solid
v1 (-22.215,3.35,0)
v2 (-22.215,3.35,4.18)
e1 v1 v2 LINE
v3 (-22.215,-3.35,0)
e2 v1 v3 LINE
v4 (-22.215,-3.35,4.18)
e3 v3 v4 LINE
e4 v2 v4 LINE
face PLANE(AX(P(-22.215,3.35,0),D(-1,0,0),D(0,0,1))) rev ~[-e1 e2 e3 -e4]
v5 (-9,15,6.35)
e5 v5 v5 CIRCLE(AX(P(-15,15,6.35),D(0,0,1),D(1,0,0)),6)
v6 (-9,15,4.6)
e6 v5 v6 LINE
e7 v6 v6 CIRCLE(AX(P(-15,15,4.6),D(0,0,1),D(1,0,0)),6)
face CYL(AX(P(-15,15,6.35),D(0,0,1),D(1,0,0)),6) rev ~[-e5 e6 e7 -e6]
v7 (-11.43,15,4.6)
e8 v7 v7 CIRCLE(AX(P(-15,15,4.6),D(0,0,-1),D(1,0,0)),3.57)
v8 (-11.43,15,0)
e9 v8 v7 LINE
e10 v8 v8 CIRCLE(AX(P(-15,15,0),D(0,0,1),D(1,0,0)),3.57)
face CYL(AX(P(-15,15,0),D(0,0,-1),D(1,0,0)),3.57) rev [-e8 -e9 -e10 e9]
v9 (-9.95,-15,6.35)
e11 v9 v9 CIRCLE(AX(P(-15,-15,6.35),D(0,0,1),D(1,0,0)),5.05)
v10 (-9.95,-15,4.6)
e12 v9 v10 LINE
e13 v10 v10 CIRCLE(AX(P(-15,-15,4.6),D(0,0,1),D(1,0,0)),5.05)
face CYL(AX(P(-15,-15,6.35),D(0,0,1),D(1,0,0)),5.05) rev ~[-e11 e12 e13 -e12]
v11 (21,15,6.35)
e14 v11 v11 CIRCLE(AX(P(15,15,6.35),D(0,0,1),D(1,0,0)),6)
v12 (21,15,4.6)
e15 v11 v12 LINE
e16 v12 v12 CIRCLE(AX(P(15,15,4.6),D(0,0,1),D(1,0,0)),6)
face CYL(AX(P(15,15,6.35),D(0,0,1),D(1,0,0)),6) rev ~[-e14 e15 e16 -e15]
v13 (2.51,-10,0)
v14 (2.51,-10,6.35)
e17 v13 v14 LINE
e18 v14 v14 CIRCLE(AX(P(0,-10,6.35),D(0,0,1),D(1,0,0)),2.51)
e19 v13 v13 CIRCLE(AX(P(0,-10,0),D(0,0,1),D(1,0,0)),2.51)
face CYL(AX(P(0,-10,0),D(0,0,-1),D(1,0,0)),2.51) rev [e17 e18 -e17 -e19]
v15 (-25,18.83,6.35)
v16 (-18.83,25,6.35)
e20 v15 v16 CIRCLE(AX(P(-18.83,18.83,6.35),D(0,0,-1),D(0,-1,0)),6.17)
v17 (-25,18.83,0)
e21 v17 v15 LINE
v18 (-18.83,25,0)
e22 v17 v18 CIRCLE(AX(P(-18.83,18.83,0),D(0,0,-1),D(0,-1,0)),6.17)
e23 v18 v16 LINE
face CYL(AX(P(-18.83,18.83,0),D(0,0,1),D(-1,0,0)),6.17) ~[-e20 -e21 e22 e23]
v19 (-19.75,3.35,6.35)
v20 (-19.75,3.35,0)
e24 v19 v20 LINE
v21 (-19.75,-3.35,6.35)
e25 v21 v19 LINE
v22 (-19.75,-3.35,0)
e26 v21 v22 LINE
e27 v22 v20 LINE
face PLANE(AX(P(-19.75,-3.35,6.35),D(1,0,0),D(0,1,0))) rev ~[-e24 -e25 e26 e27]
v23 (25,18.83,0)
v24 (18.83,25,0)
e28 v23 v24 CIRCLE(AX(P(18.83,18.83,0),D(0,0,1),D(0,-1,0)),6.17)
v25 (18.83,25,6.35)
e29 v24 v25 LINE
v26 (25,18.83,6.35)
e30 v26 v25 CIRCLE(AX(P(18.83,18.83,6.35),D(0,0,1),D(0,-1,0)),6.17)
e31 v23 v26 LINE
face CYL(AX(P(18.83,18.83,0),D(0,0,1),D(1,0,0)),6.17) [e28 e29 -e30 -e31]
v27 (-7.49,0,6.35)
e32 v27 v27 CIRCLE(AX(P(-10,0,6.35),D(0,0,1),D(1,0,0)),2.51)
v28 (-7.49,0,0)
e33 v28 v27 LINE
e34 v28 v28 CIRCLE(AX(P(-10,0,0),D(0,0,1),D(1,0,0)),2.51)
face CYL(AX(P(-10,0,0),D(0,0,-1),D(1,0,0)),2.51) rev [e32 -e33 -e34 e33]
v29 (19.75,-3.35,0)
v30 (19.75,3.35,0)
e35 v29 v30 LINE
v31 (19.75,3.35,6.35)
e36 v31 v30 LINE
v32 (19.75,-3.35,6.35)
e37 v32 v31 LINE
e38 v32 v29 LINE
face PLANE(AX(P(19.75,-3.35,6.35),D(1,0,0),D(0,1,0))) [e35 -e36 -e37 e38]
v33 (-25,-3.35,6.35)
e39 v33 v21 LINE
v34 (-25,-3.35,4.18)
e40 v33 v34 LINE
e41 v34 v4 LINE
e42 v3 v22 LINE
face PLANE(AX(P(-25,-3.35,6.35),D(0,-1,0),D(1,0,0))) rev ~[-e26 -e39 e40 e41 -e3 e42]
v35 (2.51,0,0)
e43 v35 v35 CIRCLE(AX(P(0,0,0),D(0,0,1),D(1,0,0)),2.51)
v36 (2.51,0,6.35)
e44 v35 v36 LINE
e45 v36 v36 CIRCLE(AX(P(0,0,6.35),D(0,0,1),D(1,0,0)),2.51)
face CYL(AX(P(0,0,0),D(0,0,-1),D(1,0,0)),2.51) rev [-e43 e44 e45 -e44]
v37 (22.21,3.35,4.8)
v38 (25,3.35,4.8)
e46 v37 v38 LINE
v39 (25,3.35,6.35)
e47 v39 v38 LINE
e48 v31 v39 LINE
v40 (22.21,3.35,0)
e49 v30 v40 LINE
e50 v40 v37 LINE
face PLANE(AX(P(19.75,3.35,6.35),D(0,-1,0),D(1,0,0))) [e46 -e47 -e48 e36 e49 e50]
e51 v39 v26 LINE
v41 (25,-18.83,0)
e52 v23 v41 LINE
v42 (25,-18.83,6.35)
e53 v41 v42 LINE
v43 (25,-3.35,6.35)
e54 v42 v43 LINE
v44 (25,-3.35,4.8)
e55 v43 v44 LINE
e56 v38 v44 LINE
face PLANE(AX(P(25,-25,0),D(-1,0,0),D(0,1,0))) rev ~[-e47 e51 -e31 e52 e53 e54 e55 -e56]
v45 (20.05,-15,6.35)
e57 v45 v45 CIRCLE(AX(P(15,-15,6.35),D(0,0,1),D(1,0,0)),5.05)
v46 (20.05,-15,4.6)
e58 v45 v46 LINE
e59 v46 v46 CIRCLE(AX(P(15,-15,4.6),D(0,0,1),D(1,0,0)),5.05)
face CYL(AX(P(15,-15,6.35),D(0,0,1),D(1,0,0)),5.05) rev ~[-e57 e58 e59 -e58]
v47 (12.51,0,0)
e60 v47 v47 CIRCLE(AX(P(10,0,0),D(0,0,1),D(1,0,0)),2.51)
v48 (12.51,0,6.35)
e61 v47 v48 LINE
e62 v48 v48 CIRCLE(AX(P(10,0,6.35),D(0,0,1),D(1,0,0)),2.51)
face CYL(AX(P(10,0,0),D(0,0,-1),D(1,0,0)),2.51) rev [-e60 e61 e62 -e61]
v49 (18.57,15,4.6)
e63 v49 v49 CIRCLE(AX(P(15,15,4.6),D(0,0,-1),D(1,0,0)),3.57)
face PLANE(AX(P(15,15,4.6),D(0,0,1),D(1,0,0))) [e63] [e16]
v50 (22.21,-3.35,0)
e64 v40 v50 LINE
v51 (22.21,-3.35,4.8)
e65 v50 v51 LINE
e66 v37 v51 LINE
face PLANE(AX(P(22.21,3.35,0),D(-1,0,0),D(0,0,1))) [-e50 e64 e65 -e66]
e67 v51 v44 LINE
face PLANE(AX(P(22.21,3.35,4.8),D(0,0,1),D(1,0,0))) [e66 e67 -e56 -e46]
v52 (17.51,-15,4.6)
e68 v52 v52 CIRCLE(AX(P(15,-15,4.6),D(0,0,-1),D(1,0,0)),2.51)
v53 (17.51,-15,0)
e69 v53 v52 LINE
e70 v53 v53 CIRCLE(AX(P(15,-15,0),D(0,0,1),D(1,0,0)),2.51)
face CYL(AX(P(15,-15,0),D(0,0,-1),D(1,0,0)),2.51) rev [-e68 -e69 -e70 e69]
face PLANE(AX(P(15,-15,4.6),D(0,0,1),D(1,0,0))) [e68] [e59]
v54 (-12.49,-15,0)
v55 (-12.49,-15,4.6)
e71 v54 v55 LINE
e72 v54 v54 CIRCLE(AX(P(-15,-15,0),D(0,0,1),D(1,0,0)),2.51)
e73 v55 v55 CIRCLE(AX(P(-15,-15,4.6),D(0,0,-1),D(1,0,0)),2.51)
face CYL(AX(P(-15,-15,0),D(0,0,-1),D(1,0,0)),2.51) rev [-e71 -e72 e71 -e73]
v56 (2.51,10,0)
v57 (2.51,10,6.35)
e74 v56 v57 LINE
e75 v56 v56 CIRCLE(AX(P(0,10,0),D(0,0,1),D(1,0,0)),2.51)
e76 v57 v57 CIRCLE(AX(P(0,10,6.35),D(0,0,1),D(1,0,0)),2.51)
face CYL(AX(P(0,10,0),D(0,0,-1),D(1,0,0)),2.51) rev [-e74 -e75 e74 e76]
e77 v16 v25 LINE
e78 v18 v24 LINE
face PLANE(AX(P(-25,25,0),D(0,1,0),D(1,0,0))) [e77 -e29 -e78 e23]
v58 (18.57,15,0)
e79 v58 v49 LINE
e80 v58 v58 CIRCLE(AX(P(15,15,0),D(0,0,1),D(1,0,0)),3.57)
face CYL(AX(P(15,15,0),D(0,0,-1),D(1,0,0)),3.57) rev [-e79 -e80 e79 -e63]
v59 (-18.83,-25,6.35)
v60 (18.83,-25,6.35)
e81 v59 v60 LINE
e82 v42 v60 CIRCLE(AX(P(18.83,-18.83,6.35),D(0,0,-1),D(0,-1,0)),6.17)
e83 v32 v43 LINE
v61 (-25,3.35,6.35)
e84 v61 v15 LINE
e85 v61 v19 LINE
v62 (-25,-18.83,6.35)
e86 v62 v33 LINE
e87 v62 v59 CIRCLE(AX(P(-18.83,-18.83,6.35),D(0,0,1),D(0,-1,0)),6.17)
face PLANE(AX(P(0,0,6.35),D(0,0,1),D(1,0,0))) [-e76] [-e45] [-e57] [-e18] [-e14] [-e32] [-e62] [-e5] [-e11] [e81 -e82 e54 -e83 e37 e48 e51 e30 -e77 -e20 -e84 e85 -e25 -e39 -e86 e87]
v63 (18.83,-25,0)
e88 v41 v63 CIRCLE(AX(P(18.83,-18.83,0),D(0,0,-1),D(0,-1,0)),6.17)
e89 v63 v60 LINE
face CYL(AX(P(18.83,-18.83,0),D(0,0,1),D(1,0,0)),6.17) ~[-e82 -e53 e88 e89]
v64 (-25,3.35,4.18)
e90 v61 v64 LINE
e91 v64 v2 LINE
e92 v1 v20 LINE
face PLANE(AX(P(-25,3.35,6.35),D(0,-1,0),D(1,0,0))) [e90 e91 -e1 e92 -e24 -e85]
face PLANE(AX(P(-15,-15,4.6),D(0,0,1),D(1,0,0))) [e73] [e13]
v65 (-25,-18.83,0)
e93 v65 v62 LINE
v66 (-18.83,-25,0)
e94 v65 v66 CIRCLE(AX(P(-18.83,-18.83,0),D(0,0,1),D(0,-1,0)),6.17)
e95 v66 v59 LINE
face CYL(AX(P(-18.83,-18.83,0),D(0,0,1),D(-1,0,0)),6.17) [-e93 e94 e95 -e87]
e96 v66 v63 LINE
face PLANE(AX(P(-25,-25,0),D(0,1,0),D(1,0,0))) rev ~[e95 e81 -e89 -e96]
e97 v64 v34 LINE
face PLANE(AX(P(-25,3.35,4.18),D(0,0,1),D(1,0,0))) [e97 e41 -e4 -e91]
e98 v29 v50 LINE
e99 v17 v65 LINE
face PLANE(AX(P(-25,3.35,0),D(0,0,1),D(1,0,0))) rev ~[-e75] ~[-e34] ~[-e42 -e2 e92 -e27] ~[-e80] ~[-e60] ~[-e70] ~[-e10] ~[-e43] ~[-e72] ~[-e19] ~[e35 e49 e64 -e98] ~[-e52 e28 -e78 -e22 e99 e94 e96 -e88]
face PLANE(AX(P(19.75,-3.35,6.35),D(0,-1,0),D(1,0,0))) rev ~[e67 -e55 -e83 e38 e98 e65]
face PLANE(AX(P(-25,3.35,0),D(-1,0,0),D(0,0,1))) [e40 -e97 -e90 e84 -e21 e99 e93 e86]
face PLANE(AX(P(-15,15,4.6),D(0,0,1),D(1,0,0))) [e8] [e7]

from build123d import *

# Parameters (mm, degrees)
SKETCH1_W           = 50
SKETCH1_H           = 50
SKETCH1_R           = 3.57
SKETCH1_R_2         = 2.51
BOSS_EXTRUDE1_DEPTH = 6.35
SKETCH2_R           = 6
SKETCH2_R_2         = 5.05
CUT_EXTRUDE1_DEPTH  = 1.75
SKETCH3_W           = 5.25
SKETCH3_H           = 6.7
CUT_EXTRUDE2_DEPTH  = 7
SKETCH4_W           = 2.785
SKETCH4_H           = 4.18
SKETCH4_W_2         = 2.79
SKETCH4_H_2         = 4.8
BOSS_EXTRUDE3_DEPTH = 6.7
FILLET1_R           = 6.17


with BuildPart() as part:
    # Sketch1 → Boss-Extrude1 (new body)
    with BuildSketch(Plane.XY):
        Rectangle(SKETCH1_W, SKETCH1_H)
        with Locations((-15, 15)):
            Circle(SKETCH1_R, mode=Mode.SUBTRACT)
        with Locations((15, 15)):
            Circle(SKETCH1_R, mode=Mode.SUBTRACT)
        with Locations((15, -15)):
            Circle(SKETCH1_R_2, mode=Mode.SUBTRACT)
        with Locations((-15, -15)):
            Circle(SKETCH1_R_2, mode=Mode.SUBTRACT)
        with Locations((-10, 0)):
            Circle(SKETCH1_R_2, mode=Mode.SUBTRACT)
        with Locations((0, 10)):
            Circle(SKETCH1_R_2, mode=Mode.SUBTRACT)
        with Locations((10, 0)):
            Circle(SKETCH1_R_2, mode=Mode.SUBTRACT)
        with Locations((0, -10)):
            Circle(SKETCH1_R_2, mode=Mode.SUBTRACT)
        Circle(SKETCH1_R_2, mode=Mode.SUBTRACT)
    extrude(amount=BOSS_EXTRUDE1_DEPTH)

    # Sketch2 → Cut-Extrude1 (cut)
    with BuildSketch(Plane.XY.offset(6.35)):
        with Locations((-15, 15)):
            Circle(SKETCH2_R)
        with Locations((15, 15)):
            Circle(SKETCH2_R)
        with Locations((-15, -15)):
            Circle(SKETCH2_R_2)
        with Locations((15, -15)):
            Circle(SKETCH2_R_2)
    extrude(amount=-CUT_EXTRUDE1_DEPTH, mode=Mode.SUBTRACT)

    # Sketch3 → Cut-Extrude2 (cut)
    with BuildSketch(Plane.XY.offset(6.35)):
        with Locations((-22.375, 0)):
            Rectangle(SKETCH3_W, SKETCH3_H)
        with Locations((22.375, 0)):
            Rectangle(SKETCH3_W, SKETCH3_H)
    extrude(amount=-CUT_EXTRUDE2_DEPTH, mode=Mode.SUBTRACT)

    # Sketch4 → Boss-Extrude3 (add)
    with BuildSketch(Plane.XZ.offset(-3.35)):
        with Locations((-23.6075, 2.09)):
            Rectangle(SKETCH4_W, SKETCH4_H)
        with Locations((23.605, 2.4)):
            Rectangle(SKETCH4_W_2, SKETCH4_H_2)
    extrude(amount=BOSS_EXTRUDE3_DEPTH)

    # Fillet1
    fillet1_edges = [part.edges().sort_by_distance(p)[0] for p in [
        (25, -25, 3.175),
        (-25, -25, 3.175),
        (-25, 25, 3.175),
        (25, 25, 3.175),
    ]]
    fillet(fillet1_edges, radius=FILLET1_R)


solid = part.part
